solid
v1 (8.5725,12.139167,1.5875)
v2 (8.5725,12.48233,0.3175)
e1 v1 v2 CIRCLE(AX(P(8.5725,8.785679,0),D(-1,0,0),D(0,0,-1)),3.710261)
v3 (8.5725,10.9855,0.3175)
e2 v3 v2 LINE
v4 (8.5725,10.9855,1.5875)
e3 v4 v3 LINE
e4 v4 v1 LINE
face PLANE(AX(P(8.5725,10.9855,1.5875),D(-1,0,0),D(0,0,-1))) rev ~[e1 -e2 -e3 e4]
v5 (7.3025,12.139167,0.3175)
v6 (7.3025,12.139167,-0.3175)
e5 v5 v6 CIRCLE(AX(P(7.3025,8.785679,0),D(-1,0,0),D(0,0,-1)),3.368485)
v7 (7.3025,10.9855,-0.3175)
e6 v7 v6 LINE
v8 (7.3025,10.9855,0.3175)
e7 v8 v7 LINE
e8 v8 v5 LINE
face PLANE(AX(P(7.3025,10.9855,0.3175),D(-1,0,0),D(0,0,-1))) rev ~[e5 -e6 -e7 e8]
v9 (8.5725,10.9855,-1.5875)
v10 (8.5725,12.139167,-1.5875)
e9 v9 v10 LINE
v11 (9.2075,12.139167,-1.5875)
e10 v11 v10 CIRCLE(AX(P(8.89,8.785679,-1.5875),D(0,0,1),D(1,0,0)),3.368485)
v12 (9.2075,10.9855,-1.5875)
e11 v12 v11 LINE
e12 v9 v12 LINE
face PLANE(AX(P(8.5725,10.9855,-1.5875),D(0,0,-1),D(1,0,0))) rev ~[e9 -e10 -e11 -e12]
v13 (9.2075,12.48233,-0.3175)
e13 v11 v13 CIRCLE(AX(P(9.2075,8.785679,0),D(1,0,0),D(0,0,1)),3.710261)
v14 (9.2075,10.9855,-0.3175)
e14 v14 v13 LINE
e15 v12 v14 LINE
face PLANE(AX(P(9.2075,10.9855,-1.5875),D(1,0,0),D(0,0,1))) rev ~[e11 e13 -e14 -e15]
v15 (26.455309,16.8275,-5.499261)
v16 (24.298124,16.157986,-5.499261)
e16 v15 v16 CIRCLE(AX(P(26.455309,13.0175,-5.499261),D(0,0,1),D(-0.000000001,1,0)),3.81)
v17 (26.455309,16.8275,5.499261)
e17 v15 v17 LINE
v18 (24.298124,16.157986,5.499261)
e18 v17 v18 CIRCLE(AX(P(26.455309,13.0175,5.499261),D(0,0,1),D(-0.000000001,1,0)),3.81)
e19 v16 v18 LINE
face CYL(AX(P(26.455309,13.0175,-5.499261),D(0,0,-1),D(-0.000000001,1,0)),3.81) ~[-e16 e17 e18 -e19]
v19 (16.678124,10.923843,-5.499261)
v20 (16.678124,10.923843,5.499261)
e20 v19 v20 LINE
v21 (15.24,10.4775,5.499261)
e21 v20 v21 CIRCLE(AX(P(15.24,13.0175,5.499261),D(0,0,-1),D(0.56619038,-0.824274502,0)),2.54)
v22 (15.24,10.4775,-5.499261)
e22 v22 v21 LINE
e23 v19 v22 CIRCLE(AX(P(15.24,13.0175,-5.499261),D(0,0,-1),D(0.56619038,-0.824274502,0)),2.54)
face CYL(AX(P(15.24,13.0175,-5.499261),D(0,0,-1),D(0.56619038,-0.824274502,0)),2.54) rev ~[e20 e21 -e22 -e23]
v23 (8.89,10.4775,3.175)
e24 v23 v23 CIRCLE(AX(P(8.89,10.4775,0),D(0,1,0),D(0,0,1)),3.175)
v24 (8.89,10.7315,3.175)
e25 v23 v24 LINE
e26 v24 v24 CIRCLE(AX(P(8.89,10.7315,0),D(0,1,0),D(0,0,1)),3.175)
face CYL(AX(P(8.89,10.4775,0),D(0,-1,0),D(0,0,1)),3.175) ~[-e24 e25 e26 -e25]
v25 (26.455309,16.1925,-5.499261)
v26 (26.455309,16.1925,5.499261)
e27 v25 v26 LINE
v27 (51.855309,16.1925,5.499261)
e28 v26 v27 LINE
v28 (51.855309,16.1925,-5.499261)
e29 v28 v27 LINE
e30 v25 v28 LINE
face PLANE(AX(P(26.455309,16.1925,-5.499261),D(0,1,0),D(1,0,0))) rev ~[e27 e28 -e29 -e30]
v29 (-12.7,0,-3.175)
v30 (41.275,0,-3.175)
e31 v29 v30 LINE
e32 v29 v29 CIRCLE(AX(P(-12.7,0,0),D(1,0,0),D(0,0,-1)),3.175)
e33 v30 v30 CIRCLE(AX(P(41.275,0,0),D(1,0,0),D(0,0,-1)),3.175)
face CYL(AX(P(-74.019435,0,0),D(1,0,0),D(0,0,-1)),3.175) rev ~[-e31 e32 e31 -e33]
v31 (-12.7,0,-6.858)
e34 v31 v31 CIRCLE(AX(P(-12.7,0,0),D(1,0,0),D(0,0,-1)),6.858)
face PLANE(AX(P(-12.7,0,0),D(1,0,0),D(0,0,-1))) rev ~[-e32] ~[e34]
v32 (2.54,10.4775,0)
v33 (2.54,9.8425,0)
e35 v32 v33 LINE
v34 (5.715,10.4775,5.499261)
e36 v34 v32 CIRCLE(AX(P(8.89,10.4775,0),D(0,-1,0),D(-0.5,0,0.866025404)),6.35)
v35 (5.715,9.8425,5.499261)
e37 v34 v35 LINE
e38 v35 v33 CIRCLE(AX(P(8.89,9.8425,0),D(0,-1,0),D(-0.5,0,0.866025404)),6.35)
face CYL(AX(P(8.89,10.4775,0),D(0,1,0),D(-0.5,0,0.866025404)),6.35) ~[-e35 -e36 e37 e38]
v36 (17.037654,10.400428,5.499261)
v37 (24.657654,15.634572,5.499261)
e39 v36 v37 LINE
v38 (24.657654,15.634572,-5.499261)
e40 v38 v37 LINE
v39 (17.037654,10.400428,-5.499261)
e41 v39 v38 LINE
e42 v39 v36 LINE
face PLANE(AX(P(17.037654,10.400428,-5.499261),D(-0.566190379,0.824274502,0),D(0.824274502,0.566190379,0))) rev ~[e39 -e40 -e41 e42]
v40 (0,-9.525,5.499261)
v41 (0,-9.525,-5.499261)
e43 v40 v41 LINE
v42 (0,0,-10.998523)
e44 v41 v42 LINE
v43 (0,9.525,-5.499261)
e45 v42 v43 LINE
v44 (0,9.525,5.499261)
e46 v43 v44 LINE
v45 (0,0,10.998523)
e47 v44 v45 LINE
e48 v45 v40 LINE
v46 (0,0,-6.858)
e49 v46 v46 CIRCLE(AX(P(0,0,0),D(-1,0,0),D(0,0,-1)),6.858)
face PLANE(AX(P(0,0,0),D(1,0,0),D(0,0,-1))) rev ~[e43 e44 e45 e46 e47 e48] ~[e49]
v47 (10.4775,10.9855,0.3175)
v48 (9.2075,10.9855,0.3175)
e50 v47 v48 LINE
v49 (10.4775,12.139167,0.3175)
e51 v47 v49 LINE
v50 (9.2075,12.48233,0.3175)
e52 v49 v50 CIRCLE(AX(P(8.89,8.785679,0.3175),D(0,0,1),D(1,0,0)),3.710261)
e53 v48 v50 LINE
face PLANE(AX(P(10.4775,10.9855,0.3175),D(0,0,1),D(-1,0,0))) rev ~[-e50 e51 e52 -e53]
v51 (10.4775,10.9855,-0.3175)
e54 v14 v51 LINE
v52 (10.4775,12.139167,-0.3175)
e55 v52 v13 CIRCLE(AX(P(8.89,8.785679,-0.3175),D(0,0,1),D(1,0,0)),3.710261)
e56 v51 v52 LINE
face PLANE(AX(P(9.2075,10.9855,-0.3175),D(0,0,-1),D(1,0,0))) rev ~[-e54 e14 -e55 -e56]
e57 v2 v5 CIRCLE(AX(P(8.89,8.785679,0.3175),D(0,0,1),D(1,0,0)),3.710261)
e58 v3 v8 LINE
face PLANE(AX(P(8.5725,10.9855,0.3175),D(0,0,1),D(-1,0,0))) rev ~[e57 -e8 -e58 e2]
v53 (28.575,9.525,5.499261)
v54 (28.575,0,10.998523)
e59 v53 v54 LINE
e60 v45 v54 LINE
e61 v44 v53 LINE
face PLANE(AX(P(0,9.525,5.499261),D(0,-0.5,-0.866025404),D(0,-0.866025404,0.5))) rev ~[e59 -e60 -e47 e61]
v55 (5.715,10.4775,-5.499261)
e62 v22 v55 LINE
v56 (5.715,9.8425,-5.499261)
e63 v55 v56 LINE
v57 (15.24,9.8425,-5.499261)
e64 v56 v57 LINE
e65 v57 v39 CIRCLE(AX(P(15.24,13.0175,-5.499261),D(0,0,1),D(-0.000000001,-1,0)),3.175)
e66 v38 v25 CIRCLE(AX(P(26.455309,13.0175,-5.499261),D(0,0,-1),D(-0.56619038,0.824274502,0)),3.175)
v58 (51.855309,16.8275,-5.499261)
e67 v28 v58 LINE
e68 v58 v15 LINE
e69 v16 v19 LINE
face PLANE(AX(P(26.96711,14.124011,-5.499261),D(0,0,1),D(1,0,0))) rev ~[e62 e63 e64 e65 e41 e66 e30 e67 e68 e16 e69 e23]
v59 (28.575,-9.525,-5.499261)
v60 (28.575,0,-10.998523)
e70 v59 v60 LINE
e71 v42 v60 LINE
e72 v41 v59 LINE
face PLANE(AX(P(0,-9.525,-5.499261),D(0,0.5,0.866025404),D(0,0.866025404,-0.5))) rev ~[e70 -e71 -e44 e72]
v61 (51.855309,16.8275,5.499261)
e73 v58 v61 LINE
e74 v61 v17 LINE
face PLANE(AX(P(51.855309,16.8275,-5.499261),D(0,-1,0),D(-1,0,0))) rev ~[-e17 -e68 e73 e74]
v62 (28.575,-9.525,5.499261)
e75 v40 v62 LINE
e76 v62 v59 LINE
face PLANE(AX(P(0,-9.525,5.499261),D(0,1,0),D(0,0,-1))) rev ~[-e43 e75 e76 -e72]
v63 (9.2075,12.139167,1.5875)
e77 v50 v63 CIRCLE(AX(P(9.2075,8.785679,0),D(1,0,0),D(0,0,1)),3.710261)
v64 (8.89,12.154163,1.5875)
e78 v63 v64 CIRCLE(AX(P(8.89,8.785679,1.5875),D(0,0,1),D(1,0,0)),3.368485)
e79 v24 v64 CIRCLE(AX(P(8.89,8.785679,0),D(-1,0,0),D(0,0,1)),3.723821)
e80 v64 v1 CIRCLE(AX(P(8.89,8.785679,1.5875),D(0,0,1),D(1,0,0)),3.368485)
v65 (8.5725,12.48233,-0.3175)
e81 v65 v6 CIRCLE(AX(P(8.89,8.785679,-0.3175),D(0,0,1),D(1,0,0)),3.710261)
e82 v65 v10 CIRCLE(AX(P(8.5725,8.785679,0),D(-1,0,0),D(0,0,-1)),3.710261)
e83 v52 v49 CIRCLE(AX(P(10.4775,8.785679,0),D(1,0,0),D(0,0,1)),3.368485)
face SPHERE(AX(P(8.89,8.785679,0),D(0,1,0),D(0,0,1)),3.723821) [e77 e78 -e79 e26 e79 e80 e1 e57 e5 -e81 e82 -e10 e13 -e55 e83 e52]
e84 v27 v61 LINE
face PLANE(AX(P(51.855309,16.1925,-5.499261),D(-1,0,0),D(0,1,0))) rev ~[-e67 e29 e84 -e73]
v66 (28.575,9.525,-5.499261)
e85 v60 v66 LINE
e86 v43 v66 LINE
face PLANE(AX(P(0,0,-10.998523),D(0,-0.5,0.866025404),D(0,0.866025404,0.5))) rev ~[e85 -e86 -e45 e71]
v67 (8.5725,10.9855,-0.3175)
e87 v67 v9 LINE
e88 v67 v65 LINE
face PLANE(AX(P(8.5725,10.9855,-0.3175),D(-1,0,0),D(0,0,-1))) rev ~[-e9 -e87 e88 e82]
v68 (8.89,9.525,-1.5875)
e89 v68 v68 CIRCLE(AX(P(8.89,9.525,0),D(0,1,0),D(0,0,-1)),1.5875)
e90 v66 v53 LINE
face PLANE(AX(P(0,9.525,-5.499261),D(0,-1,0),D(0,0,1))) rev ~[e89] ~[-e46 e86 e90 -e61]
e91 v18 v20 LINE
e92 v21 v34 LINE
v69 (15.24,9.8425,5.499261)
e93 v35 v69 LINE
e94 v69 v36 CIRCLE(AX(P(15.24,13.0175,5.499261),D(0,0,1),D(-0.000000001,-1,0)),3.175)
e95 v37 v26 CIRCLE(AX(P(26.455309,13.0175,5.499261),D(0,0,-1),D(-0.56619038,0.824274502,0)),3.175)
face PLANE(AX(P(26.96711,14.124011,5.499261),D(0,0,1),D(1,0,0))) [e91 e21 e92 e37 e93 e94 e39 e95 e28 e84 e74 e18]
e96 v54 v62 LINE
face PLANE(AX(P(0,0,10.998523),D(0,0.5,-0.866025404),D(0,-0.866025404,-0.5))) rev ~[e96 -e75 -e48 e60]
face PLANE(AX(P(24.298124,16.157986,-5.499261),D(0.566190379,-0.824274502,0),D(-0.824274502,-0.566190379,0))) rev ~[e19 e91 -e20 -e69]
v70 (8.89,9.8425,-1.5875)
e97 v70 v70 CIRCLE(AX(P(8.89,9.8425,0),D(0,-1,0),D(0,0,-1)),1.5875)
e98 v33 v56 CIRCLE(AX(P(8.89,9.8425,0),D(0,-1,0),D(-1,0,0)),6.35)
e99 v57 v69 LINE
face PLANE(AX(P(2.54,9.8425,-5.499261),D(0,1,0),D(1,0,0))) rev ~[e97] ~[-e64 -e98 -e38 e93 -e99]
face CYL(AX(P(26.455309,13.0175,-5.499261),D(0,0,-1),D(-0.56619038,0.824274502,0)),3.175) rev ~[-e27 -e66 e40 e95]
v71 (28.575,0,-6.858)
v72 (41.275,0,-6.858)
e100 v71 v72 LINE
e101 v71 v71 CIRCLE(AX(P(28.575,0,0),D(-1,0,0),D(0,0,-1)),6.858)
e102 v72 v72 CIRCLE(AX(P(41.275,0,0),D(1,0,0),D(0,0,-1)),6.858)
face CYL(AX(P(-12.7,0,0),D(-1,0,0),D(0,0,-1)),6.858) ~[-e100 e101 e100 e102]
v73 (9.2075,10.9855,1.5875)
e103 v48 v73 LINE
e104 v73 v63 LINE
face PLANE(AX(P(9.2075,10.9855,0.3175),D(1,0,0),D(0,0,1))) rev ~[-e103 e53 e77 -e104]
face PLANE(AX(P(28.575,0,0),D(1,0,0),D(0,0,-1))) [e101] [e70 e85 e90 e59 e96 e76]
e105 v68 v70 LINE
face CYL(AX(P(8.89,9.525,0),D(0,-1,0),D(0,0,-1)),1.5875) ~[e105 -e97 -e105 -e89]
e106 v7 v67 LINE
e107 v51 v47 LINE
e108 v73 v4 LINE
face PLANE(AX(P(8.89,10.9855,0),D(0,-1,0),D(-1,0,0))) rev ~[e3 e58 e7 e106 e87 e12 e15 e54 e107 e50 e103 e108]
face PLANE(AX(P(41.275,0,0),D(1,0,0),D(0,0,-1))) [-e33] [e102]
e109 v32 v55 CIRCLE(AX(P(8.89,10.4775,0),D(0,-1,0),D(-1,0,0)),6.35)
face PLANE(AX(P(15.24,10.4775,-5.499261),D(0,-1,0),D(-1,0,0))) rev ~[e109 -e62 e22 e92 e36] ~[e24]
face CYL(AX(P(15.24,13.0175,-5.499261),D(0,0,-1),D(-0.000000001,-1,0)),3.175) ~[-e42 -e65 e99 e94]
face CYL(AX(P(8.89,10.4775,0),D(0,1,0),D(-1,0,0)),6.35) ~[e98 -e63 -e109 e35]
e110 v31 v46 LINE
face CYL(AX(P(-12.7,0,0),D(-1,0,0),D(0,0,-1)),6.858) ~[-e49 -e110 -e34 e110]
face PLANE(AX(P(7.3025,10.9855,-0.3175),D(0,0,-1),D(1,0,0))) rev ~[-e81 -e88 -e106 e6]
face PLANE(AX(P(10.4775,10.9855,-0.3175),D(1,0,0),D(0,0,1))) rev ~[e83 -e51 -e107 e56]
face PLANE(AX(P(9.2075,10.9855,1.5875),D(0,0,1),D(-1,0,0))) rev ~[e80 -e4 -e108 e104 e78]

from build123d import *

# Parameters (mm, degrees)
BOSS_EXTRUDE1_DEPTH         = 28.575
BOSS_EXTRUDE2_DEPTH         = 12.7
BOSS_EXTRUDE2_DEPTH_BACK    = 41.275
SKETCH2_R                   = 6.858
F_1_4_0_25_DIAMETER_HOLE1_D = 6.35
BOSS_EXTRUDE3_DEPTH         = 5.499261
BOSS_EXTRUDE3_DEPTH_BACK    = 5.499261
CUT_EXTRUDE2_DEPTH          = 0.635
SKETCH8_R                   = 3.175
BOSS_EXTRUDE4_DEPTH         = 0.254
DOME1_FACE_RADIUS           = 3.175
DOME1_HEIGHT                = 1.778
CUT_EXTRUDE3_REACH          = 59.165
CUT_EXTRUDE3_END_RADIUS     = 3.723821429
CUT_EXTRUDE3_START          = 0.508
BOSS_EXTRUDE5_REACH         = 58.328
SKETCH10_R                  = 1.5875


with BuildPart() as part:
    # Sketch1 → Boss-Extrude1 (new body)
    with BuildSketch(Plane(origin=(0, 0, 0), x_dir=(0, 0, -1), z_dir=(1, 0, 0))):
        Polygon((10.998522628, 0), (5.499261314, 9.525), (-5.499261314, 9.525), (-10.998522628, 0), (-5.499261314, -9.525), (5.499261314, -9.525), align=None)
    extrude(amount=BOSS_EXTRUDE1_DEPTH)

    # Sketch2 → Boss-Extrude2 (add, two sides: drawn at the far end of the back side and taken through both)
    with BuildSketch(Plane(origin=(28.575, 0, 0), x_dir=(0, 0, -1), z_dir=(1, 0, 0)).offset(-BOSS_EXTRUDE2_DEPTH_BACK)):
        Circle(SKETCH2_R)
    extrude(amount=BOSS_EXTRUDE2_DEPTH + BOSS_EXTRUDE2_DEPTH_BACK)

    # 1/4 (0.25) Diameter Hole1 (through all)
    with Locations(Plane.ZY.offset(12.7)):
        with Locations((0, 0)):
            Hole(F_1_4_0_25_DIAMETER_HOLE1_D / 2)


with BuildPart() as body_2:
    # Sketch6 → Boss-Extrude3 (new, two sides: drawn at the far end of the back side and taken through both)
    with BuildSketch(Plane.XY.offset(-BOSS_EXTRUDE3_DEPTH_BACK)):
        with BuildLine():
            Line((2.54, 9.8425), (15.24, 9.8425))
            ThreePointArc((15.24, 9.8425), (16.181122428, 9.98518841), (17.037654453, 10.400428456))
            Line((17.037654453, 10.400428456), (24.657654453, 15.634571544))
            ThreePointArc((24.657654453, 15.634571544), (25.514186479, 16.04981159), (26.455308906, 16.1925))
            Line((26.455308906, 16.1925), (51.855308906, 16.1925))
            Line((51.855308906, 16.1925), (51.855308906, 16.8275))
            Line((51.855308906, 16.8275), (26.455308906, 16.8275))
            ThreePointArc((26.455308906, 16.8275), (25.325961993, 16.656273907), (24.298123563, 16.157985853))
            Line((24.298123563, 16.157985853), (16.678123563, 10.923842765))
            ThreePointArc((16.678123563, 10.923842765), (15.992897942, 10.591650728), (15.24, 10.4775))
            Line((15.24, 10.4775), (2.54, 10.4775))
            Line((2.54, 10.4775), (2.54, 9.8425))
        make_face()
    extrude(amount=BOSS_EXTRUDE3_DEPTH + BOSS_EXTRUDE3_DEPTH_BACK)

    # Sketch7 → Cut-Extrude2 (cut)
    with BuildSketch(Plane(origin=(0, 10.4775, 0), x_dir=(1, 0, 0), z_dir=(0, 1, 0))):
        with BuildLine():
            Line((2.54, 5.499261314), (2.54, 0))
            ThreePointArc((2.54, 0), (3.390738686, 3.175), (5.715, 5.499261314))
            Line((5.715, 5.499261314), (2.54, 5.499261314))
        make_face()
        with BuildLine():
            Line((2.54, 0), (2.54, -5.499261314))
            Line((2.54, -5.499261314), (5.715, -5.499261314))
            ThreePointArc((5.715, -5.499261314), (3.390738686, -3.175), (2.54, 0))
        make_face()
    extrude(amount=-CUT_EXTRUDE2_DEPTH, mode=Mode.SUBTRACT)

    # Sketch8 → Boss-Extrude4 (add)
    with BuildSketch(Plane(origin=(0, 10.4775, 0), x_dir=(1, 0, 0), z_dir=(0, 1, 0))):
        with Locations(Location((8.89, 0, 0), (0, 0, 270))):
            Circle(SKETCH8_R)
    extrude(amount=BOSS_EXTRUDE4_DEPTH)

    # Dome1: a dome of height H over a round flat face of radius A is a cap of a sphere of radius (A * A + H * H) / (2 * H)
    dome1_r = (DOME1_FACE_RADIUS * DOME1_FACE_RADIUS + DOME1_HEIGHT * DOME1_HEIGHT) / (2 * DOME1_HEIGHT)
    dome1_base = Plane((8.89, 10.7315, 0), z_dir=(0, 1, 0))
    with Locations(dome1_base.offset(DOME1_HEIGHT - dome1_r)):
        dome1_ball = Sphere(dome1_r, mode=Mode.PRIVATE)
    add(split(dome1_ball, bisect_by=dome1_base, keep=Keep.TOP, mode=Mode.PRIVATE))

    # Cut-Extrude3: up to this sphere (the profile starts inside it)
    cut_extrude3_end = Location((8.89, 8.785678571, 0)) * Sphere(CUT_EXTRUDE3_END_RADIUS, mode=Mode.PRIVATE)
    # Sketch9 → Cut-Extrude3 (cut, up to the surface)
    with BuildSketch(Plane(origin=(0, 10.4775, 0), x_dir=(1, 0, 0), z_dir=(0, 1, 0)).offset(CUT_EXTRUDE3_START), mode=Mode.PRIVATE) as cut_extrude3_sk1:
        Polygon((8.5725, 1.5875), (9.2075, 1.5875), (9.2075, 0.3175), (10.4775, 0.3175), (10.4775, -0.3175), (9.2075, -0.3175), (9.2075, -1.5875), (8.5725, -1.5875), (8.5725, -0.3175), (7.3025, -0.3175), (7.3025, 0.3175), (8.5725, 0.3175), align=None)
    cut_extrude3_tool1 = extrude(cut_extrude3_sk1.sketch, amount=CUT_EXTRUDE3_REACH, mode=Mode.PRIVATE) & cut_extrude3_end
    add(cut_extrude3_tool1.solids().sort_by_distance((8.89, 10.9855, 0))[0], mode=Mode.SUBTRACT)

    # Sketch10 → Boss-Extrude5 (add, up to next)
    with BuildSketch(Plane(origin=(0, 9.525, 0), x_dir=(1, 0, 0), z_dir=(0, 1, 0)), mode=Mode.PRIVATE) as boss_extrude5_sk1:
        with Locations(Location((8.89, 0, 0), (0, 0, 90))):
            Circle(SKETCH10_R)
    boss_extrude5_tool1 = extrude(boss_extrude5_sk1.sketch, amount=BOSS_EXTRUDE5_REACH, mode=Mode.PRIVATE) - body_2.part

    add(part.part)  # Boss-Extrude5 merges part
    add(boss_extrude5_tool1.solids().sort_by_distance((8.89, 9.525, 0))[0])


solid = body_2.part
